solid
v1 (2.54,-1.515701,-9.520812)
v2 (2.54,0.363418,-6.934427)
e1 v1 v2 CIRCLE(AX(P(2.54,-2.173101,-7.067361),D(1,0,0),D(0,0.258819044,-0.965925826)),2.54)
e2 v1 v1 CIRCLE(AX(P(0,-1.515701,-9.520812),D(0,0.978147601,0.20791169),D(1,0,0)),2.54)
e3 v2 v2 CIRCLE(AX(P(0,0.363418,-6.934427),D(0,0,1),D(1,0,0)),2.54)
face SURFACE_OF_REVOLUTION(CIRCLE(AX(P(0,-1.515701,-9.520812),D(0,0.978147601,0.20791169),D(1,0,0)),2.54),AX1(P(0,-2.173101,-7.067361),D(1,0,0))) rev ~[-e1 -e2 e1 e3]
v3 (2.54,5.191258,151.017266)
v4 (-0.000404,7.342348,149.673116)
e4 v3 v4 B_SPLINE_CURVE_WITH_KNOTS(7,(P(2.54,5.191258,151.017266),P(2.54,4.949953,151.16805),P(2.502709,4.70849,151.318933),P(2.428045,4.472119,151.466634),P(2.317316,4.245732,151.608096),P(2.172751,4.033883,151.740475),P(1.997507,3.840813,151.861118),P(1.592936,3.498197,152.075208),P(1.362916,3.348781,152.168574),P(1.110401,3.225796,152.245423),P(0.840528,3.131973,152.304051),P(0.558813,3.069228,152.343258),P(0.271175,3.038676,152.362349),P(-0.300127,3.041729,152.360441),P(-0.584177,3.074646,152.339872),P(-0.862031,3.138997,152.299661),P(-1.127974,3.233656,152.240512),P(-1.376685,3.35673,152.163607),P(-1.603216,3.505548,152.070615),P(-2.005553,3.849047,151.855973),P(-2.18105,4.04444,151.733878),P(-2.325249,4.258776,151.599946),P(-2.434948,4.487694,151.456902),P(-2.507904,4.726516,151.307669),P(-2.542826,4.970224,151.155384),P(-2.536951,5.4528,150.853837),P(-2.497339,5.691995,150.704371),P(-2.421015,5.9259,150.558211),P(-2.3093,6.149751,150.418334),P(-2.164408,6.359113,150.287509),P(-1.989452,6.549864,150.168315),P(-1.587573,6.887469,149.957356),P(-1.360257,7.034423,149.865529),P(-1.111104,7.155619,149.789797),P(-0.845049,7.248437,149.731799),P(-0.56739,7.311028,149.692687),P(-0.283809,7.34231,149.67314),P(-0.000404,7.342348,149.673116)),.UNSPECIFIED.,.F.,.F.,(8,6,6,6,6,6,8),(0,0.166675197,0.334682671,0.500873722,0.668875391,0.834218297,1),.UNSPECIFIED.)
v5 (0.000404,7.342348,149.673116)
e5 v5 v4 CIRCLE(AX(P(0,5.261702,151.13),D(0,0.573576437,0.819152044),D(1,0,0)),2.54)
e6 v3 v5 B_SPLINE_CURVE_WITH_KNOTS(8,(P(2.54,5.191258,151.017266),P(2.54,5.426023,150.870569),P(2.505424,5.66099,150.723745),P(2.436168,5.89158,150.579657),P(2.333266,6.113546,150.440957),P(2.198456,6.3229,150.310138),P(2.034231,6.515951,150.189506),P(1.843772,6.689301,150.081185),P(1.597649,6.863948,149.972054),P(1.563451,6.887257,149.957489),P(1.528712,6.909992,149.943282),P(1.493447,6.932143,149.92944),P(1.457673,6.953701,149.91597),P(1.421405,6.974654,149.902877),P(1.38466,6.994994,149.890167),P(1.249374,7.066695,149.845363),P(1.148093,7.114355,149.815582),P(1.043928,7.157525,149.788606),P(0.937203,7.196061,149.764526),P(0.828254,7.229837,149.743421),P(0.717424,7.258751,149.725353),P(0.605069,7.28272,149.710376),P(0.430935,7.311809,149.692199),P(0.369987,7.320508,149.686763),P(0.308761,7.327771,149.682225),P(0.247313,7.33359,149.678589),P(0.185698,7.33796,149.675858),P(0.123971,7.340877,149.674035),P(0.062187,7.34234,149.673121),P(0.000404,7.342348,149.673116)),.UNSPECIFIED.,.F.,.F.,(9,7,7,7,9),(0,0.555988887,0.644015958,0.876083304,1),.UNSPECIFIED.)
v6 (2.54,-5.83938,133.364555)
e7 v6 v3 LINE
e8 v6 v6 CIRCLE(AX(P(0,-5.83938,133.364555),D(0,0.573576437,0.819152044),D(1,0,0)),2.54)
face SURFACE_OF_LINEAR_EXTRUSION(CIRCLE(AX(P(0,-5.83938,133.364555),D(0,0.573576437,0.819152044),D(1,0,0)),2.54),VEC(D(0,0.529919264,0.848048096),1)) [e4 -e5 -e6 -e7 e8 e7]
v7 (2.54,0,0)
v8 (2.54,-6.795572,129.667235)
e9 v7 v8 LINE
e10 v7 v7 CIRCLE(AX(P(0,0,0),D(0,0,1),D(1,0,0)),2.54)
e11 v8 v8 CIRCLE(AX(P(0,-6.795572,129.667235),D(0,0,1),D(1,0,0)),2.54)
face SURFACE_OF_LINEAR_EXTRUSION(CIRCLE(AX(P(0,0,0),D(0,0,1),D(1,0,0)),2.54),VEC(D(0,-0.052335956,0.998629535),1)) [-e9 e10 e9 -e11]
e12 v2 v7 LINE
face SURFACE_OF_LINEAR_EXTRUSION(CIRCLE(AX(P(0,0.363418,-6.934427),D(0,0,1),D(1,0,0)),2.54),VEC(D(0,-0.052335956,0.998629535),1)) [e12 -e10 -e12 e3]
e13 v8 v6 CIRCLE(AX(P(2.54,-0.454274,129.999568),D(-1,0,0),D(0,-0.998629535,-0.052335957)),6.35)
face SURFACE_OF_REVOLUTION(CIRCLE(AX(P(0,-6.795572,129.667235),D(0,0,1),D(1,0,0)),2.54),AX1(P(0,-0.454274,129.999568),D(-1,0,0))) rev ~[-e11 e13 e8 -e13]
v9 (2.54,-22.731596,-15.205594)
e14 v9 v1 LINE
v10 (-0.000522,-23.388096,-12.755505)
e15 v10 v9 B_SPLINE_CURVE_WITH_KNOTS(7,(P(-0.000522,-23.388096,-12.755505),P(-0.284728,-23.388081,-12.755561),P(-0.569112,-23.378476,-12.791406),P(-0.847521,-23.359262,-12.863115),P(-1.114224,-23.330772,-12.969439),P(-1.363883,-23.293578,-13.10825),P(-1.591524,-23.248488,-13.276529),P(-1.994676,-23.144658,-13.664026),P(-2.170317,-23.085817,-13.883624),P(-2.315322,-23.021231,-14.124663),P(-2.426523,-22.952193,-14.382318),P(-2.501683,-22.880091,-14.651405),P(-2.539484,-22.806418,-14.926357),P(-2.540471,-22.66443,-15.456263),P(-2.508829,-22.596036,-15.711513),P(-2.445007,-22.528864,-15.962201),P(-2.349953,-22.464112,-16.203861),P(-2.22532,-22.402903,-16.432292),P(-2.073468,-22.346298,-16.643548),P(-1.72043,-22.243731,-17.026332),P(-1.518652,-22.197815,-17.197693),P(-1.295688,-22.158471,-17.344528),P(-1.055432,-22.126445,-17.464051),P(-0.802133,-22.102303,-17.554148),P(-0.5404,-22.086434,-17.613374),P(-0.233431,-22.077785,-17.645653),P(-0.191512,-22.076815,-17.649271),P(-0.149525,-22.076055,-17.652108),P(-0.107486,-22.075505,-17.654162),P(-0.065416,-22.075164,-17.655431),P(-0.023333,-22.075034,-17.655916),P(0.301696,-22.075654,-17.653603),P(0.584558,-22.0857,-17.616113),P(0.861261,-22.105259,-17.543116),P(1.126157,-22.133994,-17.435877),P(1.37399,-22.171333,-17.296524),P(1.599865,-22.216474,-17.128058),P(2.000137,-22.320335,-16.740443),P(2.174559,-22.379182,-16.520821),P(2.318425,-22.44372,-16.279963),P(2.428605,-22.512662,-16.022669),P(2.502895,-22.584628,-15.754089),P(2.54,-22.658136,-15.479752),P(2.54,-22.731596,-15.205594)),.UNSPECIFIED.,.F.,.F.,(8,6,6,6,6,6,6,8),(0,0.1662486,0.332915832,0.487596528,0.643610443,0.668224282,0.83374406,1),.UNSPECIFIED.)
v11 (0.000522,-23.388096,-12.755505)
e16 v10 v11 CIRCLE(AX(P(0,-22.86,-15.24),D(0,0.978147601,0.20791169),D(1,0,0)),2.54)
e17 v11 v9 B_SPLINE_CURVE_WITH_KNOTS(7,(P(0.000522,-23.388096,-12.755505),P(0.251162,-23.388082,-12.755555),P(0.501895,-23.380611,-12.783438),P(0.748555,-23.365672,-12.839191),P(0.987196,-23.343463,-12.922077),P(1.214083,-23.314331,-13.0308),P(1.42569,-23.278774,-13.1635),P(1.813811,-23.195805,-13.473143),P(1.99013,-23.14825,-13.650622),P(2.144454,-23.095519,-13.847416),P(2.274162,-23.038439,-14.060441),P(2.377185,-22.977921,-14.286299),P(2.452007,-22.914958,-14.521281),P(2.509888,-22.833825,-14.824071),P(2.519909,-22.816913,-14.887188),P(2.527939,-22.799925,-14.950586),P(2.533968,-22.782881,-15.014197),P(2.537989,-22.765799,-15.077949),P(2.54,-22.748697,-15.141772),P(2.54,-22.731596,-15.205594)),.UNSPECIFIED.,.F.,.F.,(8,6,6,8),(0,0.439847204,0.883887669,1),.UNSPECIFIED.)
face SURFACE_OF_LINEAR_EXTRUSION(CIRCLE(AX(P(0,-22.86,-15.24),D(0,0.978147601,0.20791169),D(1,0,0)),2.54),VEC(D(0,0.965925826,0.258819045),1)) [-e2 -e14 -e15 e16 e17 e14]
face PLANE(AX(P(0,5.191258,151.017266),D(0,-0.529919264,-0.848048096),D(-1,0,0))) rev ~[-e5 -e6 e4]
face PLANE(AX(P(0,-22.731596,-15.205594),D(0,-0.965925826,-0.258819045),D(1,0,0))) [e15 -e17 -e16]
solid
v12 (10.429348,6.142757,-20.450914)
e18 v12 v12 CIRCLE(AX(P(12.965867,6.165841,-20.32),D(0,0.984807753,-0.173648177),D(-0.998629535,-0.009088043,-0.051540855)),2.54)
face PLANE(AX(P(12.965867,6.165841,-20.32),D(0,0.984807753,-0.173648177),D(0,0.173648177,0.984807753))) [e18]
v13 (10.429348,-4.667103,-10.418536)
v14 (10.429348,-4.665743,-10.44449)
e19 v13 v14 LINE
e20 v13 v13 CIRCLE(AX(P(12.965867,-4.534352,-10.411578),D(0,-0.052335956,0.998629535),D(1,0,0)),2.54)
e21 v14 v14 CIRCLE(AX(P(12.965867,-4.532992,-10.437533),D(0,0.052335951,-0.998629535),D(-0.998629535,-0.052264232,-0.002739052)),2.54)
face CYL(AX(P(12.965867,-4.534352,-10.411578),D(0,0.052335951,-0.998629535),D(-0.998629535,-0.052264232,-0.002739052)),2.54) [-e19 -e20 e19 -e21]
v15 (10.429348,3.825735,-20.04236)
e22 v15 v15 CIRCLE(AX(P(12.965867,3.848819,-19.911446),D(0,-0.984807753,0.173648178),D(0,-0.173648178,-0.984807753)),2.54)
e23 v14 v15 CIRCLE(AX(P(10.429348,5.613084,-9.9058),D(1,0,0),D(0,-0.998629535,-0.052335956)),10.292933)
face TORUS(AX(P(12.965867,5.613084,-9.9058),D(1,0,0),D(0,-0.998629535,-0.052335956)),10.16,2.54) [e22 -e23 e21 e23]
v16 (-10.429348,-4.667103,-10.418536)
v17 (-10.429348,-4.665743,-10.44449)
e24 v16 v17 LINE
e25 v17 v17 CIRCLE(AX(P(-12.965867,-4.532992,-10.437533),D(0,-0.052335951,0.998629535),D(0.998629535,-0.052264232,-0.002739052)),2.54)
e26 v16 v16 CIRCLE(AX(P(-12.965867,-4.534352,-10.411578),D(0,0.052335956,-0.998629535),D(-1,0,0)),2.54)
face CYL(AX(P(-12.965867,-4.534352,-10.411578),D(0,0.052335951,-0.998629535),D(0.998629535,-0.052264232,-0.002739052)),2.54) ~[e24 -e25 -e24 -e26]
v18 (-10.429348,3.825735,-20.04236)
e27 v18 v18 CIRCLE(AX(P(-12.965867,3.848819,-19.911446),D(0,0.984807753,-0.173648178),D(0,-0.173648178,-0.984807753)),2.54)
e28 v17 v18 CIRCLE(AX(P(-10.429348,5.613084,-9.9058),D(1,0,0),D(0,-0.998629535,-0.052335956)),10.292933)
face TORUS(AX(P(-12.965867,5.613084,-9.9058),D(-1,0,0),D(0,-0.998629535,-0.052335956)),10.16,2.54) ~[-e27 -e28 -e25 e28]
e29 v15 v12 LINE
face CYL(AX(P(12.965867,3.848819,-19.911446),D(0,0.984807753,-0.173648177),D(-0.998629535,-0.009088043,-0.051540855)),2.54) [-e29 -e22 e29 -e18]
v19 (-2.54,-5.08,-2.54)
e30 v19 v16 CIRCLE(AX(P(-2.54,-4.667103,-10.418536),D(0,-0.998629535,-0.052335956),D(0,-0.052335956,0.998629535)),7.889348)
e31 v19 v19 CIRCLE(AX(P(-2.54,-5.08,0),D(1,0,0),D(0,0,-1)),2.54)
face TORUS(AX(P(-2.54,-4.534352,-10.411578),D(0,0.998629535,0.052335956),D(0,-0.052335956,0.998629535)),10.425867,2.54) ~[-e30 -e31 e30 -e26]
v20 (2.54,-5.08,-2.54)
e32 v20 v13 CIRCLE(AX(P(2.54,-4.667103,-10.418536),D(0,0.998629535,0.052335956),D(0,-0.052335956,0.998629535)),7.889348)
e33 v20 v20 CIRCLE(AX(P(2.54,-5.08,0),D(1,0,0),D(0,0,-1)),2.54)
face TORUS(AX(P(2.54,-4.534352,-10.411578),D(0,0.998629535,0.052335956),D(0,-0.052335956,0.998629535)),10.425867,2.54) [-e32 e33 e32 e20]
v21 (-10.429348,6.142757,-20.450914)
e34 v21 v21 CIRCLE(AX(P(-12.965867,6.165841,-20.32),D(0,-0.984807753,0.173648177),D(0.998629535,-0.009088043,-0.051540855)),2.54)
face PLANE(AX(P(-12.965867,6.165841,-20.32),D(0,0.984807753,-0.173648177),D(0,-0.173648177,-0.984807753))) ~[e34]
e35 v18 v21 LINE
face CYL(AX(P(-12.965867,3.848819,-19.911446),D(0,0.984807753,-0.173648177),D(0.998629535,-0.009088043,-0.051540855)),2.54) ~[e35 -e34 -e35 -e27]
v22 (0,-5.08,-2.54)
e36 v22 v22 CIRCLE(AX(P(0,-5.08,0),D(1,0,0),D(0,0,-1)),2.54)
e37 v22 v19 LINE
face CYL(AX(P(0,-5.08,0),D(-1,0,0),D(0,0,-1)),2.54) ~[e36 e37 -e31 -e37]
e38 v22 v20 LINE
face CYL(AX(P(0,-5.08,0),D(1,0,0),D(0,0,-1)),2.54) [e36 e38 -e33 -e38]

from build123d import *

# Parameters (mm, degrees)
SKETCH2_R = 2.54
SKETCH3_R = 2.54
SKETCH7_R = 2.54


with BuildPart() as part:
    # Sweep1: sweep along a path in Sketch1
    with BuildLine(Plane(origin=(0, 0, 0), x_dir=(0, 0, -1), z_dir=(1, 0, 0))) as sweep1_path:
        Line((0, 0), (-129.667234525, -6.795571807))
        ThreePointArc((-129.667234525, -6.795571807), (-131.589480873, -6.602011778), (-133.364555175, -5.839379672))
        Line((-133.364555175, -5.839379672), (-151.13, 5.261702322))
    # Sketch2 → Sweep1 (sweep)
    with BuildSketch(Plane.XY):
        Circle(SKETCH2_R)
    sweep(path=sweep1_path.line)

    # Sweep2: sweep along a path in Sketch4
    with BuildLine(Plane(origin=(0, 0, 0), x_dir=(0, 0, -1), z_dir=(1, 0, 0))) as sweep2_path:
        Line((15.24, -22.86), (9.520812242, -1.515700708))
        ThreePointArc((9.520812242, -1.515700708), (8.560335184, -0.118197916), (6.934427314, 0.363417936))
        Line((6.934427314, 0.363417936), (0, 0))
    # Sketch3 → Sweep2 (sweep)
    with BuildSketch(Plane.XY):
        Circle(SKETCH3_R)
    sweep(path=sweep2_path.line)

    # SurfaceCut1
    split(bisect_by=Plane(origin=(0, 5.19125839, 151.017266144), x_dir=(-1, 0, 0), z_dir=(0, -0.5299192642332059, -0.8480480961564255)), keep=Keep.TOP)

    # SurfaceCut2
    split(bisect_by=Plane(origin=(0, -22.731596264, -15.205594323), x_dir=(1, 0, 0), z_dir=(0, -0.965925826289068, -0.25881904510252185)), keep=Keep.BOTTOM)


with BuildPart() as body_2:
    # Sweep3: sweep along a curve in space
    with BuildLine() as sweep3_path:
        Line((0, -5.066085614, -0.265502297), (2.54, -5.066085614, -0.265502297))
        ThreePointArc((2.54, -5.066085614, -0.265502297), (9.724204897, -4.910344532, -3.237219176), (12.7, -4.534352299, -10.41157837))
        Line((12.7, -4.534352299, -10.41157837), (12.7, -4.532992073, -10.437533031))
        ThreePointArc((12.7, -4.532992073, -10.437533031), (12.7, -1.996306123, -16.638019406), (12.7, 3.848818515, -19.911446487))
        Line((12.7, 3.848818515, -19.911446487), (12.7, 6.165840628, -20.32))
    # Sketch7 → Sweep3 (sweep)
    with BuildSketch(Plane(origin=(0, 0, 0), x_dir=(0, 0, -1), z_dir=(1, 0, 0))):
        with Locations((0, -5.08)):
            Circle(SKETCH7_R)
    sweep(path=sweep3_path.line)

    # Mirror2: body 2 across plane


with BuildPart() as body_2_1:
    add(body_2.part)
    add(body_2.part.mirror(Plane(origin=(0, 0, 0), x_dir=(0, 0, 1), z_dir=(1, 0, 0))))


solid = Compound([part.part, body_2_1.part])
